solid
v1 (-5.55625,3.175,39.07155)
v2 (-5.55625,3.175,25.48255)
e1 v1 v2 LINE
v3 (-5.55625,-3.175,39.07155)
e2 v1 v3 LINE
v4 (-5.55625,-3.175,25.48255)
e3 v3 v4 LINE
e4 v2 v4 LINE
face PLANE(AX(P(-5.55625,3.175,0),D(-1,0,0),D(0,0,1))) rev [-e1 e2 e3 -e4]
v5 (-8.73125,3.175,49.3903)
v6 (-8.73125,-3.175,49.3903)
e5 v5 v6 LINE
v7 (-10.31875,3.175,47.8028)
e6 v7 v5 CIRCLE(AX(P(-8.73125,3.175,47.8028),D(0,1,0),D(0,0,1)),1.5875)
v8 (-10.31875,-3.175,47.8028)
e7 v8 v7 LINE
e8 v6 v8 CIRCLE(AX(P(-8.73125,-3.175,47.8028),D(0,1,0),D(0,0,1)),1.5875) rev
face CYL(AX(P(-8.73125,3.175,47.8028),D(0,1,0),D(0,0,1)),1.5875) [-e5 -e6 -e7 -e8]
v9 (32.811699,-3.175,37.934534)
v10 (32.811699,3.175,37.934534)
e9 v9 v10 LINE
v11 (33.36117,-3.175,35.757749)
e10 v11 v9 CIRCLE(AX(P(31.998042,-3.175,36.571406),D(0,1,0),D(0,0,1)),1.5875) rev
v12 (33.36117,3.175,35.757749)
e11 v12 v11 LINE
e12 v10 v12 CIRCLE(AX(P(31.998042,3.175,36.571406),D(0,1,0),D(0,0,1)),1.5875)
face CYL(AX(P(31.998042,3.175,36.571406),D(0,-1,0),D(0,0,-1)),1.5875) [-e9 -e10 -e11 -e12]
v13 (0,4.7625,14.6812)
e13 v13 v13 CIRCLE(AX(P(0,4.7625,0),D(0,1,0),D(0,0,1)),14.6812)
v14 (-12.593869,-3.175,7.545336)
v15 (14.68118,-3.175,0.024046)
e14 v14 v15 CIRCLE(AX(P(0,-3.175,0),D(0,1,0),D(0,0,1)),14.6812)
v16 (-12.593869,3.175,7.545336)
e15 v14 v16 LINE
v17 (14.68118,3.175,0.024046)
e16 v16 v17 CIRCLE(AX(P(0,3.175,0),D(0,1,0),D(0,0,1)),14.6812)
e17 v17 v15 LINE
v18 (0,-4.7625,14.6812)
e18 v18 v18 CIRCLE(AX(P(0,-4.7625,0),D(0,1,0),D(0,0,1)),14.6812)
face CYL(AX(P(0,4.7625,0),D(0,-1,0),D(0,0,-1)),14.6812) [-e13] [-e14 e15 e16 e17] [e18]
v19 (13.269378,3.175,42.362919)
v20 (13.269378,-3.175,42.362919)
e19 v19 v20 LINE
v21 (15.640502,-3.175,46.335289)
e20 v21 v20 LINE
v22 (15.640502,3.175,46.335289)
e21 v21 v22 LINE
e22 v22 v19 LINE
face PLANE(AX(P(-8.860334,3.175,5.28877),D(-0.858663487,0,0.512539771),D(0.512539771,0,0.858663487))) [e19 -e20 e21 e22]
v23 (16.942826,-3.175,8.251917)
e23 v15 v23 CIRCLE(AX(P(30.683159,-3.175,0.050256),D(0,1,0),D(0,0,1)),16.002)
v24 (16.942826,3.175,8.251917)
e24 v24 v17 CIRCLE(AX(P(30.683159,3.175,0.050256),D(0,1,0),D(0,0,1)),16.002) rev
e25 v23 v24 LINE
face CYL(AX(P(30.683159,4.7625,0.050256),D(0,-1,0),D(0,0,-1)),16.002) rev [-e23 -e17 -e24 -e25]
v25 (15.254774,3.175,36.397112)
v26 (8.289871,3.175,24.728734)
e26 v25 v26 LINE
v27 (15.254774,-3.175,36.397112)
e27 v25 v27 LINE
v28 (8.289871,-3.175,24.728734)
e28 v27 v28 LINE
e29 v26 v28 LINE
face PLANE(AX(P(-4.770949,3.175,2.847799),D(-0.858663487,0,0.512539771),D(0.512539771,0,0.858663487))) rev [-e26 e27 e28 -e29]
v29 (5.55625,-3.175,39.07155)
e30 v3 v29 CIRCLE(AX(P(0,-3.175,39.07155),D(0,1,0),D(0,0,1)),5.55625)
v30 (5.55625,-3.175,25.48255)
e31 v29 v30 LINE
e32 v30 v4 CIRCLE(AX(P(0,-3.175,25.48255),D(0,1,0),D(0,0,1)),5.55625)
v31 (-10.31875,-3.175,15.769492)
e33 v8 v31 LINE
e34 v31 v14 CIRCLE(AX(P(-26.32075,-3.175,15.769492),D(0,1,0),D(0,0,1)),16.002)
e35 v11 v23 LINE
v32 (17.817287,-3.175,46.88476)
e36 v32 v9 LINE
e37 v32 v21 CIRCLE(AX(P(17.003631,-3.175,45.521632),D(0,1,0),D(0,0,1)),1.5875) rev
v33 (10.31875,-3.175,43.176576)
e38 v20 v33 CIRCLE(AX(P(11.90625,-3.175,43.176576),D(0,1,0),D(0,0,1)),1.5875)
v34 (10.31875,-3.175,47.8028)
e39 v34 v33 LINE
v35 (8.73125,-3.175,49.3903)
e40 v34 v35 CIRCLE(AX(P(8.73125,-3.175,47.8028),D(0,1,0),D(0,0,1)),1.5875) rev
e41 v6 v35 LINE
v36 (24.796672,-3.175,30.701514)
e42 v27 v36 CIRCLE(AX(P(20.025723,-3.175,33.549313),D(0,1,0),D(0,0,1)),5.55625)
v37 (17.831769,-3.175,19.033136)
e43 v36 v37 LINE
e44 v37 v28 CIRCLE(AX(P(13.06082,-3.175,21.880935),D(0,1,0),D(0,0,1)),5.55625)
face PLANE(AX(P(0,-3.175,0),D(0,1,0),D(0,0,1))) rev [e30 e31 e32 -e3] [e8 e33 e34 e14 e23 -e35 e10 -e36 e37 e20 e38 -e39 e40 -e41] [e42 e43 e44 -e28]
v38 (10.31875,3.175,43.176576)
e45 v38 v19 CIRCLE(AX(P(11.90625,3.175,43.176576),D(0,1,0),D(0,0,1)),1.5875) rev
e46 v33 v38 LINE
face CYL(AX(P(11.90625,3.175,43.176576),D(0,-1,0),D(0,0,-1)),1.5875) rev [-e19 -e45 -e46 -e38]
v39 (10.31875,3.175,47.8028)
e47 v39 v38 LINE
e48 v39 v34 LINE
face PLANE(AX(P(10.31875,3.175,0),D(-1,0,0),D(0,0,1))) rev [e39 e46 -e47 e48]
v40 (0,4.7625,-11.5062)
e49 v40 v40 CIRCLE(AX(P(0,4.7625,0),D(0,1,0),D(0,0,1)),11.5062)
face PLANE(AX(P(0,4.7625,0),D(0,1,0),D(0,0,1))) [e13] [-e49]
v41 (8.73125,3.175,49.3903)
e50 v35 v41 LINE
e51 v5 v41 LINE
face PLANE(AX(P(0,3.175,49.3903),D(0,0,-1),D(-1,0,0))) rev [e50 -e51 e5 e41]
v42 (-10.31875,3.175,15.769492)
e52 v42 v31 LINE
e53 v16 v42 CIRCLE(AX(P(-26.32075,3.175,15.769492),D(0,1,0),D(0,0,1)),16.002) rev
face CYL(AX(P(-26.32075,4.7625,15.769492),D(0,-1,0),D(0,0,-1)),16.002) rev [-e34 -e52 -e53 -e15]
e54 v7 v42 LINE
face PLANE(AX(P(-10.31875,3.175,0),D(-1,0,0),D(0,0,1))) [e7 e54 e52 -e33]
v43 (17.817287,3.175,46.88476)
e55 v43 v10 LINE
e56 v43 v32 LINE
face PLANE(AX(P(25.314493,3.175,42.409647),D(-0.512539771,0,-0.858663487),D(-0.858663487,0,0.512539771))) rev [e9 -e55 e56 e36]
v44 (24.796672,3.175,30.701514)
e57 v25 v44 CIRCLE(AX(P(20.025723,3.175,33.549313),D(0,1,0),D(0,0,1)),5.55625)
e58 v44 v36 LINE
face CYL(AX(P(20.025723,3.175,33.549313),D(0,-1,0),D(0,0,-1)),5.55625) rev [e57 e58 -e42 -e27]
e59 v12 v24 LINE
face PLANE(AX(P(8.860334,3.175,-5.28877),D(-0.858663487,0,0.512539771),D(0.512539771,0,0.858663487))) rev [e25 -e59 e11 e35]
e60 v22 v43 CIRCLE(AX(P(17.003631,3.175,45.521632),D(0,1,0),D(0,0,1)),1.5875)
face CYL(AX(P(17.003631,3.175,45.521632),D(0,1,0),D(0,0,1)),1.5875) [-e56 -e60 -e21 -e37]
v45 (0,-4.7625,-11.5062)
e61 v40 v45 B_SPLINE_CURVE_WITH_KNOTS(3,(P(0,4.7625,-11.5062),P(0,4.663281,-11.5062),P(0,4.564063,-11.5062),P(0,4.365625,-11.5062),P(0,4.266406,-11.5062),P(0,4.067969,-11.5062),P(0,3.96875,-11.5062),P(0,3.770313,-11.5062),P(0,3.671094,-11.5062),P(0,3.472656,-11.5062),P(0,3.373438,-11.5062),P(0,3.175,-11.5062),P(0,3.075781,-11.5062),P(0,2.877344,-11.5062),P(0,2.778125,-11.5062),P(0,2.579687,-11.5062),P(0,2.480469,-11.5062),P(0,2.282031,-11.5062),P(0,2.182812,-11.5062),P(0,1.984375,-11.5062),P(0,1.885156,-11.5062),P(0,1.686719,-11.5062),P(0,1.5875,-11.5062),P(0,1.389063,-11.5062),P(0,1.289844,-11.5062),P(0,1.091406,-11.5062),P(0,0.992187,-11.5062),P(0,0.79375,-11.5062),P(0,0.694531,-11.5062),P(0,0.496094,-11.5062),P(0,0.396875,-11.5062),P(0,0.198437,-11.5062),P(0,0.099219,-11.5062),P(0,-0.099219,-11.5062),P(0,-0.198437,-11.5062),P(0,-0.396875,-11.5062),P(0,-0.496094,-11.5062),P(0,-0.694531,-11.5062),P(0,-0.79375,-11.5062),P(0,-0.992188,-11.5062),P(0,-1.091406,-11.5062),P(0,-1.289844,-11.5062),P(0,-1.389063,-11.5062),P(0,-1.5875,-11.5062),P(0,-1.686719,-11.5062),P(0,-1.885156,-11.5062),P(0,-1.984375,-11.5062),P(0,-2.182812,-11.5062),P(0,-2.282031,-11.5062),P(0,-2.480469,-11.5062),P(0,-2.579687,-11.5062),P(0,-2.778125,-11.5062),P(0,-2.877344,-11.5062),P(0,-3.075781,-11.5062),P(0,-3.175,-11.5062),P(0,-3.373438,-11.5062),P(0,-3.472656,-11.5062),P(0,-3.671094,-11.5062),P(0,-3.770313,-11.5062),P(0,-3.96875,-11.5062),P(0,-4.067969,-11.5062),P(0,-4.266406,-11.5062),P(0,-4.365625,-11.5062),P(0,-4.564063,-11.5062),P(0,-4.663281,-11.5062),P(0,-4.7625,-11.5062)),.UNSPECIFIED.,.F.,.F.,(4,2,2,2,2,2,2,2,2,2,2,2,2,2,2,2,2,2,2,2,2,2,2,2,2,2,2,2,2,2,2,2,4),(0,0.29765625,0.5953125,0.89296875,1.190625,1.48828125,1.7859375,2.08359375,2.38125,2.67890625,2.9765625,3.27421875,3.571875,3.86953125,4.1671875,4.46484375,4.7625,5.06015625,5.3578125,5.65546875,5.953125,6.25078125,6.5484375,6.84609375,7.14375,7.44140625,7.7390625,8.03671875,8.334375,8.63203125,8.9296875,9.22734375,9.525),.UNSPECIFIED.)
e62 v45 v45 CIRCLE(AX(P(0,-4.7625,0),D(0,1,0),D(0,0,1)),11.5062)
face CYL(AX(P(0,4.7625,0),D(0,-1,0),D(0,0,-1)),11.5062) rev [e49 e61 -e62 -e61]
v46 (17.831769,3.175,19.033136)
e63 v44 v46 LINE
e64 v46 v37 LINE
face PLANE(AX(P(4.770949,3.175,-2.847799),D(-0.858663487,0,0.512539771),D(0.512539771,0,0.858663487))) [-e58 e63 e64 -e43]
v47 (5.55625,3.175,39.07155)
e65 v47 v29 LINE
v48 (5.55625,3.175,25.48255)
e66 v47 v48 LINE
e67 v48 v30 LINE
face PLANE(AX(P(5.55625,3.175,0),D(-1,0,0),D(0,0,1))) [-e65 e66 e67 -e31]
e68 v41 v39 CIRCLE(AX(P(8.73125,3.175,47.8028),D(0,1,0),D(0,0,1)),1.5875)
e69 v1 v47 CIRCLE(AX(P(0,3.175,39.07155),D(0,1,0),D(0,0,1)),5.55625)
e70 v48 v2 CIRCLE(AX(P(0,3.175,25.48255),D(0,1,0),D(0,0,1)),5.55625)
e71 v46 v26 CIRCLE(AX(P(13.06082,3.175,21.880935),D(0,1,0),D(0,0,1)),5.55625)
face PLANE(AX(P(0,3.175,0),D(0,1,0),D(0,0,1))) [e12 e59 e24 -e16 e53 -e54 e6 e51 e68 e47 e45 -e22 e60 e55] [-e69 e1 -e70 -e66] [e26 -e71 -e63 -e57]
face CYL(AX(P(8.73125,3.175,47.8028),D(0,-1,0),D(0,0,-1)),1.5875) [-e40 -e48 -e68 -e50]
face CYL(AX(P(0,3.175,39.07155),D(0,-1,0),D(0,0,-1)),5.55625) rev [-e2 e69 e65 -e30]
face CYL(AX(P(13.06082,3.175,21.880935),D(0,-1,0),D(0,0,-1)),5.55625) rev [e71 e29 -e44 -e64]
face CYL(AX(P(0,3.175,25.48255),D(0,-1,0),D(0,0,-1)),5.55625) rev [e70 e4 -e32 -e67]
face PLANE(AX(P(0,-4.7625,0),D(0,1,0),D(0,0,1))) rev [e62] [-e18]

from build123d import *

# Parameters (mm, degrees)
SKETCH1_R                      = 14.6812
SKETCH1_R_2                    = 11.5062
BEARING_INSERT_EXTRUDE_DEPTH   = 4.7625
APEX_SLOT_INSERT_EXTRUDE_DEPTH = 3.175
FILLET1_R                      = 16.002
FILLET2_R                      = 1.5875


with BuildPart() as part:
    # Sketch1 → Bearing_Insert_Extrude (new, symmetric)
    with BuildSketch(Plane(origin=(0, 0, 0), x_dir=(1, 0, 0), z_dir=(0, 1, 0))):
        with Locations(Location((0, 0, 0), (0, 0, 90))):
            Circle(SKETCH1_R)
        with Locations(Location((0, 0, 0), (0, 0, 90))):
            Circle(SKETCH1_R_2, mode=Mode.SUBTRACT)
    extrude(amount=BEARING_INSERT_EXTRUDE_DEPTH, both=True)

    # Sketch1<4> → Apex_Slot_Insert_Extrude (add, symmetric)
    with BuildSketch(Plane(origin=(0, 0, 0), x_dir=(1, 0, 0), z_dir=(0, 1, 0))):
        with BuildLine():
            Line((-10.31875, -10.443228997), (-10.31875, -49.3903))
            Line((-10.31875, -49.3903), (10.31875, -49.3903))
            Line((10.31875, -49.3903), (10.31875, -37.419698802))
            Line((10.31875, -37.419698802), (16.454159196, -47.698416963))
            Line((16.454159196, -47.698416963), (34.174826901, -37.120877441))
            Line((34.174826901, -37.120877441), (14.21290405, -3.67844966))
            ThreePointArc((14.21290405, -3.67844966), (3.902777064, -14.152948973), (-10.31875, -10.443228997))
        make_face()
        with BuildLine():
            ThreePointArc((5.55625, -39.07155), (0, -44.6278), (-5.55625, -39.07155))
            Line((-5.55625, -39.07155), (-5.55625, -25.48255))
            ThreePointArc((-5.55625, -25.48255), (0, -19.9263), (5.55625, -25.48255))
            Line((5.55625, -25.48255), (5.55625, -39.07155))
        make_face(mode=Mode.SUBTRACT)
        with BuildLine():
            ThreePointArc((24.796672284, -30.701514247), (22.873522389, -38.320262347), (15.25477429, -36.397112452))
            Line((15.25477429, -36.397112452), (8.289871342, -24.728734333))
            ThreePointArc((8.289871342, -24.728734333), (10.213021238, -17.109986233), (17.831769337, -19.033136128))
            Line((17.831769337, -19.033136128), (24.796672284, -30.701514247))
        make_face(mode=Mode.SUBTRACT)
    extrude(amount=APEX_SLOT_INSERT_EXTRUDE_DEPTH, both=True)

    # Fillet1
    fillet1_edges = [part.edges().sort_by_distance(p)[0] for p in [
        (14.21290405, 0, 3.67844966),
        (-10.31875, 0, 10.443228997),
    ]]
    fillet(fillet1_edges, radius=FILLET1_R)

    # Fillet2
    fillet2_edges = [part.edges().sort_by_distance(p)[0] for p in [
        (-10.31875, 0, 49.3903),
        (10.31875, 0, 49.3903),
        (10.31875, 0, 37.419698802),
        (16.454159196, 0, 47.698416963),
        (34.174826901, 0, 37.120877441),
    ]]
    fillet(fillet2_edges, radius=FILLET2_R)


solid = part.part
